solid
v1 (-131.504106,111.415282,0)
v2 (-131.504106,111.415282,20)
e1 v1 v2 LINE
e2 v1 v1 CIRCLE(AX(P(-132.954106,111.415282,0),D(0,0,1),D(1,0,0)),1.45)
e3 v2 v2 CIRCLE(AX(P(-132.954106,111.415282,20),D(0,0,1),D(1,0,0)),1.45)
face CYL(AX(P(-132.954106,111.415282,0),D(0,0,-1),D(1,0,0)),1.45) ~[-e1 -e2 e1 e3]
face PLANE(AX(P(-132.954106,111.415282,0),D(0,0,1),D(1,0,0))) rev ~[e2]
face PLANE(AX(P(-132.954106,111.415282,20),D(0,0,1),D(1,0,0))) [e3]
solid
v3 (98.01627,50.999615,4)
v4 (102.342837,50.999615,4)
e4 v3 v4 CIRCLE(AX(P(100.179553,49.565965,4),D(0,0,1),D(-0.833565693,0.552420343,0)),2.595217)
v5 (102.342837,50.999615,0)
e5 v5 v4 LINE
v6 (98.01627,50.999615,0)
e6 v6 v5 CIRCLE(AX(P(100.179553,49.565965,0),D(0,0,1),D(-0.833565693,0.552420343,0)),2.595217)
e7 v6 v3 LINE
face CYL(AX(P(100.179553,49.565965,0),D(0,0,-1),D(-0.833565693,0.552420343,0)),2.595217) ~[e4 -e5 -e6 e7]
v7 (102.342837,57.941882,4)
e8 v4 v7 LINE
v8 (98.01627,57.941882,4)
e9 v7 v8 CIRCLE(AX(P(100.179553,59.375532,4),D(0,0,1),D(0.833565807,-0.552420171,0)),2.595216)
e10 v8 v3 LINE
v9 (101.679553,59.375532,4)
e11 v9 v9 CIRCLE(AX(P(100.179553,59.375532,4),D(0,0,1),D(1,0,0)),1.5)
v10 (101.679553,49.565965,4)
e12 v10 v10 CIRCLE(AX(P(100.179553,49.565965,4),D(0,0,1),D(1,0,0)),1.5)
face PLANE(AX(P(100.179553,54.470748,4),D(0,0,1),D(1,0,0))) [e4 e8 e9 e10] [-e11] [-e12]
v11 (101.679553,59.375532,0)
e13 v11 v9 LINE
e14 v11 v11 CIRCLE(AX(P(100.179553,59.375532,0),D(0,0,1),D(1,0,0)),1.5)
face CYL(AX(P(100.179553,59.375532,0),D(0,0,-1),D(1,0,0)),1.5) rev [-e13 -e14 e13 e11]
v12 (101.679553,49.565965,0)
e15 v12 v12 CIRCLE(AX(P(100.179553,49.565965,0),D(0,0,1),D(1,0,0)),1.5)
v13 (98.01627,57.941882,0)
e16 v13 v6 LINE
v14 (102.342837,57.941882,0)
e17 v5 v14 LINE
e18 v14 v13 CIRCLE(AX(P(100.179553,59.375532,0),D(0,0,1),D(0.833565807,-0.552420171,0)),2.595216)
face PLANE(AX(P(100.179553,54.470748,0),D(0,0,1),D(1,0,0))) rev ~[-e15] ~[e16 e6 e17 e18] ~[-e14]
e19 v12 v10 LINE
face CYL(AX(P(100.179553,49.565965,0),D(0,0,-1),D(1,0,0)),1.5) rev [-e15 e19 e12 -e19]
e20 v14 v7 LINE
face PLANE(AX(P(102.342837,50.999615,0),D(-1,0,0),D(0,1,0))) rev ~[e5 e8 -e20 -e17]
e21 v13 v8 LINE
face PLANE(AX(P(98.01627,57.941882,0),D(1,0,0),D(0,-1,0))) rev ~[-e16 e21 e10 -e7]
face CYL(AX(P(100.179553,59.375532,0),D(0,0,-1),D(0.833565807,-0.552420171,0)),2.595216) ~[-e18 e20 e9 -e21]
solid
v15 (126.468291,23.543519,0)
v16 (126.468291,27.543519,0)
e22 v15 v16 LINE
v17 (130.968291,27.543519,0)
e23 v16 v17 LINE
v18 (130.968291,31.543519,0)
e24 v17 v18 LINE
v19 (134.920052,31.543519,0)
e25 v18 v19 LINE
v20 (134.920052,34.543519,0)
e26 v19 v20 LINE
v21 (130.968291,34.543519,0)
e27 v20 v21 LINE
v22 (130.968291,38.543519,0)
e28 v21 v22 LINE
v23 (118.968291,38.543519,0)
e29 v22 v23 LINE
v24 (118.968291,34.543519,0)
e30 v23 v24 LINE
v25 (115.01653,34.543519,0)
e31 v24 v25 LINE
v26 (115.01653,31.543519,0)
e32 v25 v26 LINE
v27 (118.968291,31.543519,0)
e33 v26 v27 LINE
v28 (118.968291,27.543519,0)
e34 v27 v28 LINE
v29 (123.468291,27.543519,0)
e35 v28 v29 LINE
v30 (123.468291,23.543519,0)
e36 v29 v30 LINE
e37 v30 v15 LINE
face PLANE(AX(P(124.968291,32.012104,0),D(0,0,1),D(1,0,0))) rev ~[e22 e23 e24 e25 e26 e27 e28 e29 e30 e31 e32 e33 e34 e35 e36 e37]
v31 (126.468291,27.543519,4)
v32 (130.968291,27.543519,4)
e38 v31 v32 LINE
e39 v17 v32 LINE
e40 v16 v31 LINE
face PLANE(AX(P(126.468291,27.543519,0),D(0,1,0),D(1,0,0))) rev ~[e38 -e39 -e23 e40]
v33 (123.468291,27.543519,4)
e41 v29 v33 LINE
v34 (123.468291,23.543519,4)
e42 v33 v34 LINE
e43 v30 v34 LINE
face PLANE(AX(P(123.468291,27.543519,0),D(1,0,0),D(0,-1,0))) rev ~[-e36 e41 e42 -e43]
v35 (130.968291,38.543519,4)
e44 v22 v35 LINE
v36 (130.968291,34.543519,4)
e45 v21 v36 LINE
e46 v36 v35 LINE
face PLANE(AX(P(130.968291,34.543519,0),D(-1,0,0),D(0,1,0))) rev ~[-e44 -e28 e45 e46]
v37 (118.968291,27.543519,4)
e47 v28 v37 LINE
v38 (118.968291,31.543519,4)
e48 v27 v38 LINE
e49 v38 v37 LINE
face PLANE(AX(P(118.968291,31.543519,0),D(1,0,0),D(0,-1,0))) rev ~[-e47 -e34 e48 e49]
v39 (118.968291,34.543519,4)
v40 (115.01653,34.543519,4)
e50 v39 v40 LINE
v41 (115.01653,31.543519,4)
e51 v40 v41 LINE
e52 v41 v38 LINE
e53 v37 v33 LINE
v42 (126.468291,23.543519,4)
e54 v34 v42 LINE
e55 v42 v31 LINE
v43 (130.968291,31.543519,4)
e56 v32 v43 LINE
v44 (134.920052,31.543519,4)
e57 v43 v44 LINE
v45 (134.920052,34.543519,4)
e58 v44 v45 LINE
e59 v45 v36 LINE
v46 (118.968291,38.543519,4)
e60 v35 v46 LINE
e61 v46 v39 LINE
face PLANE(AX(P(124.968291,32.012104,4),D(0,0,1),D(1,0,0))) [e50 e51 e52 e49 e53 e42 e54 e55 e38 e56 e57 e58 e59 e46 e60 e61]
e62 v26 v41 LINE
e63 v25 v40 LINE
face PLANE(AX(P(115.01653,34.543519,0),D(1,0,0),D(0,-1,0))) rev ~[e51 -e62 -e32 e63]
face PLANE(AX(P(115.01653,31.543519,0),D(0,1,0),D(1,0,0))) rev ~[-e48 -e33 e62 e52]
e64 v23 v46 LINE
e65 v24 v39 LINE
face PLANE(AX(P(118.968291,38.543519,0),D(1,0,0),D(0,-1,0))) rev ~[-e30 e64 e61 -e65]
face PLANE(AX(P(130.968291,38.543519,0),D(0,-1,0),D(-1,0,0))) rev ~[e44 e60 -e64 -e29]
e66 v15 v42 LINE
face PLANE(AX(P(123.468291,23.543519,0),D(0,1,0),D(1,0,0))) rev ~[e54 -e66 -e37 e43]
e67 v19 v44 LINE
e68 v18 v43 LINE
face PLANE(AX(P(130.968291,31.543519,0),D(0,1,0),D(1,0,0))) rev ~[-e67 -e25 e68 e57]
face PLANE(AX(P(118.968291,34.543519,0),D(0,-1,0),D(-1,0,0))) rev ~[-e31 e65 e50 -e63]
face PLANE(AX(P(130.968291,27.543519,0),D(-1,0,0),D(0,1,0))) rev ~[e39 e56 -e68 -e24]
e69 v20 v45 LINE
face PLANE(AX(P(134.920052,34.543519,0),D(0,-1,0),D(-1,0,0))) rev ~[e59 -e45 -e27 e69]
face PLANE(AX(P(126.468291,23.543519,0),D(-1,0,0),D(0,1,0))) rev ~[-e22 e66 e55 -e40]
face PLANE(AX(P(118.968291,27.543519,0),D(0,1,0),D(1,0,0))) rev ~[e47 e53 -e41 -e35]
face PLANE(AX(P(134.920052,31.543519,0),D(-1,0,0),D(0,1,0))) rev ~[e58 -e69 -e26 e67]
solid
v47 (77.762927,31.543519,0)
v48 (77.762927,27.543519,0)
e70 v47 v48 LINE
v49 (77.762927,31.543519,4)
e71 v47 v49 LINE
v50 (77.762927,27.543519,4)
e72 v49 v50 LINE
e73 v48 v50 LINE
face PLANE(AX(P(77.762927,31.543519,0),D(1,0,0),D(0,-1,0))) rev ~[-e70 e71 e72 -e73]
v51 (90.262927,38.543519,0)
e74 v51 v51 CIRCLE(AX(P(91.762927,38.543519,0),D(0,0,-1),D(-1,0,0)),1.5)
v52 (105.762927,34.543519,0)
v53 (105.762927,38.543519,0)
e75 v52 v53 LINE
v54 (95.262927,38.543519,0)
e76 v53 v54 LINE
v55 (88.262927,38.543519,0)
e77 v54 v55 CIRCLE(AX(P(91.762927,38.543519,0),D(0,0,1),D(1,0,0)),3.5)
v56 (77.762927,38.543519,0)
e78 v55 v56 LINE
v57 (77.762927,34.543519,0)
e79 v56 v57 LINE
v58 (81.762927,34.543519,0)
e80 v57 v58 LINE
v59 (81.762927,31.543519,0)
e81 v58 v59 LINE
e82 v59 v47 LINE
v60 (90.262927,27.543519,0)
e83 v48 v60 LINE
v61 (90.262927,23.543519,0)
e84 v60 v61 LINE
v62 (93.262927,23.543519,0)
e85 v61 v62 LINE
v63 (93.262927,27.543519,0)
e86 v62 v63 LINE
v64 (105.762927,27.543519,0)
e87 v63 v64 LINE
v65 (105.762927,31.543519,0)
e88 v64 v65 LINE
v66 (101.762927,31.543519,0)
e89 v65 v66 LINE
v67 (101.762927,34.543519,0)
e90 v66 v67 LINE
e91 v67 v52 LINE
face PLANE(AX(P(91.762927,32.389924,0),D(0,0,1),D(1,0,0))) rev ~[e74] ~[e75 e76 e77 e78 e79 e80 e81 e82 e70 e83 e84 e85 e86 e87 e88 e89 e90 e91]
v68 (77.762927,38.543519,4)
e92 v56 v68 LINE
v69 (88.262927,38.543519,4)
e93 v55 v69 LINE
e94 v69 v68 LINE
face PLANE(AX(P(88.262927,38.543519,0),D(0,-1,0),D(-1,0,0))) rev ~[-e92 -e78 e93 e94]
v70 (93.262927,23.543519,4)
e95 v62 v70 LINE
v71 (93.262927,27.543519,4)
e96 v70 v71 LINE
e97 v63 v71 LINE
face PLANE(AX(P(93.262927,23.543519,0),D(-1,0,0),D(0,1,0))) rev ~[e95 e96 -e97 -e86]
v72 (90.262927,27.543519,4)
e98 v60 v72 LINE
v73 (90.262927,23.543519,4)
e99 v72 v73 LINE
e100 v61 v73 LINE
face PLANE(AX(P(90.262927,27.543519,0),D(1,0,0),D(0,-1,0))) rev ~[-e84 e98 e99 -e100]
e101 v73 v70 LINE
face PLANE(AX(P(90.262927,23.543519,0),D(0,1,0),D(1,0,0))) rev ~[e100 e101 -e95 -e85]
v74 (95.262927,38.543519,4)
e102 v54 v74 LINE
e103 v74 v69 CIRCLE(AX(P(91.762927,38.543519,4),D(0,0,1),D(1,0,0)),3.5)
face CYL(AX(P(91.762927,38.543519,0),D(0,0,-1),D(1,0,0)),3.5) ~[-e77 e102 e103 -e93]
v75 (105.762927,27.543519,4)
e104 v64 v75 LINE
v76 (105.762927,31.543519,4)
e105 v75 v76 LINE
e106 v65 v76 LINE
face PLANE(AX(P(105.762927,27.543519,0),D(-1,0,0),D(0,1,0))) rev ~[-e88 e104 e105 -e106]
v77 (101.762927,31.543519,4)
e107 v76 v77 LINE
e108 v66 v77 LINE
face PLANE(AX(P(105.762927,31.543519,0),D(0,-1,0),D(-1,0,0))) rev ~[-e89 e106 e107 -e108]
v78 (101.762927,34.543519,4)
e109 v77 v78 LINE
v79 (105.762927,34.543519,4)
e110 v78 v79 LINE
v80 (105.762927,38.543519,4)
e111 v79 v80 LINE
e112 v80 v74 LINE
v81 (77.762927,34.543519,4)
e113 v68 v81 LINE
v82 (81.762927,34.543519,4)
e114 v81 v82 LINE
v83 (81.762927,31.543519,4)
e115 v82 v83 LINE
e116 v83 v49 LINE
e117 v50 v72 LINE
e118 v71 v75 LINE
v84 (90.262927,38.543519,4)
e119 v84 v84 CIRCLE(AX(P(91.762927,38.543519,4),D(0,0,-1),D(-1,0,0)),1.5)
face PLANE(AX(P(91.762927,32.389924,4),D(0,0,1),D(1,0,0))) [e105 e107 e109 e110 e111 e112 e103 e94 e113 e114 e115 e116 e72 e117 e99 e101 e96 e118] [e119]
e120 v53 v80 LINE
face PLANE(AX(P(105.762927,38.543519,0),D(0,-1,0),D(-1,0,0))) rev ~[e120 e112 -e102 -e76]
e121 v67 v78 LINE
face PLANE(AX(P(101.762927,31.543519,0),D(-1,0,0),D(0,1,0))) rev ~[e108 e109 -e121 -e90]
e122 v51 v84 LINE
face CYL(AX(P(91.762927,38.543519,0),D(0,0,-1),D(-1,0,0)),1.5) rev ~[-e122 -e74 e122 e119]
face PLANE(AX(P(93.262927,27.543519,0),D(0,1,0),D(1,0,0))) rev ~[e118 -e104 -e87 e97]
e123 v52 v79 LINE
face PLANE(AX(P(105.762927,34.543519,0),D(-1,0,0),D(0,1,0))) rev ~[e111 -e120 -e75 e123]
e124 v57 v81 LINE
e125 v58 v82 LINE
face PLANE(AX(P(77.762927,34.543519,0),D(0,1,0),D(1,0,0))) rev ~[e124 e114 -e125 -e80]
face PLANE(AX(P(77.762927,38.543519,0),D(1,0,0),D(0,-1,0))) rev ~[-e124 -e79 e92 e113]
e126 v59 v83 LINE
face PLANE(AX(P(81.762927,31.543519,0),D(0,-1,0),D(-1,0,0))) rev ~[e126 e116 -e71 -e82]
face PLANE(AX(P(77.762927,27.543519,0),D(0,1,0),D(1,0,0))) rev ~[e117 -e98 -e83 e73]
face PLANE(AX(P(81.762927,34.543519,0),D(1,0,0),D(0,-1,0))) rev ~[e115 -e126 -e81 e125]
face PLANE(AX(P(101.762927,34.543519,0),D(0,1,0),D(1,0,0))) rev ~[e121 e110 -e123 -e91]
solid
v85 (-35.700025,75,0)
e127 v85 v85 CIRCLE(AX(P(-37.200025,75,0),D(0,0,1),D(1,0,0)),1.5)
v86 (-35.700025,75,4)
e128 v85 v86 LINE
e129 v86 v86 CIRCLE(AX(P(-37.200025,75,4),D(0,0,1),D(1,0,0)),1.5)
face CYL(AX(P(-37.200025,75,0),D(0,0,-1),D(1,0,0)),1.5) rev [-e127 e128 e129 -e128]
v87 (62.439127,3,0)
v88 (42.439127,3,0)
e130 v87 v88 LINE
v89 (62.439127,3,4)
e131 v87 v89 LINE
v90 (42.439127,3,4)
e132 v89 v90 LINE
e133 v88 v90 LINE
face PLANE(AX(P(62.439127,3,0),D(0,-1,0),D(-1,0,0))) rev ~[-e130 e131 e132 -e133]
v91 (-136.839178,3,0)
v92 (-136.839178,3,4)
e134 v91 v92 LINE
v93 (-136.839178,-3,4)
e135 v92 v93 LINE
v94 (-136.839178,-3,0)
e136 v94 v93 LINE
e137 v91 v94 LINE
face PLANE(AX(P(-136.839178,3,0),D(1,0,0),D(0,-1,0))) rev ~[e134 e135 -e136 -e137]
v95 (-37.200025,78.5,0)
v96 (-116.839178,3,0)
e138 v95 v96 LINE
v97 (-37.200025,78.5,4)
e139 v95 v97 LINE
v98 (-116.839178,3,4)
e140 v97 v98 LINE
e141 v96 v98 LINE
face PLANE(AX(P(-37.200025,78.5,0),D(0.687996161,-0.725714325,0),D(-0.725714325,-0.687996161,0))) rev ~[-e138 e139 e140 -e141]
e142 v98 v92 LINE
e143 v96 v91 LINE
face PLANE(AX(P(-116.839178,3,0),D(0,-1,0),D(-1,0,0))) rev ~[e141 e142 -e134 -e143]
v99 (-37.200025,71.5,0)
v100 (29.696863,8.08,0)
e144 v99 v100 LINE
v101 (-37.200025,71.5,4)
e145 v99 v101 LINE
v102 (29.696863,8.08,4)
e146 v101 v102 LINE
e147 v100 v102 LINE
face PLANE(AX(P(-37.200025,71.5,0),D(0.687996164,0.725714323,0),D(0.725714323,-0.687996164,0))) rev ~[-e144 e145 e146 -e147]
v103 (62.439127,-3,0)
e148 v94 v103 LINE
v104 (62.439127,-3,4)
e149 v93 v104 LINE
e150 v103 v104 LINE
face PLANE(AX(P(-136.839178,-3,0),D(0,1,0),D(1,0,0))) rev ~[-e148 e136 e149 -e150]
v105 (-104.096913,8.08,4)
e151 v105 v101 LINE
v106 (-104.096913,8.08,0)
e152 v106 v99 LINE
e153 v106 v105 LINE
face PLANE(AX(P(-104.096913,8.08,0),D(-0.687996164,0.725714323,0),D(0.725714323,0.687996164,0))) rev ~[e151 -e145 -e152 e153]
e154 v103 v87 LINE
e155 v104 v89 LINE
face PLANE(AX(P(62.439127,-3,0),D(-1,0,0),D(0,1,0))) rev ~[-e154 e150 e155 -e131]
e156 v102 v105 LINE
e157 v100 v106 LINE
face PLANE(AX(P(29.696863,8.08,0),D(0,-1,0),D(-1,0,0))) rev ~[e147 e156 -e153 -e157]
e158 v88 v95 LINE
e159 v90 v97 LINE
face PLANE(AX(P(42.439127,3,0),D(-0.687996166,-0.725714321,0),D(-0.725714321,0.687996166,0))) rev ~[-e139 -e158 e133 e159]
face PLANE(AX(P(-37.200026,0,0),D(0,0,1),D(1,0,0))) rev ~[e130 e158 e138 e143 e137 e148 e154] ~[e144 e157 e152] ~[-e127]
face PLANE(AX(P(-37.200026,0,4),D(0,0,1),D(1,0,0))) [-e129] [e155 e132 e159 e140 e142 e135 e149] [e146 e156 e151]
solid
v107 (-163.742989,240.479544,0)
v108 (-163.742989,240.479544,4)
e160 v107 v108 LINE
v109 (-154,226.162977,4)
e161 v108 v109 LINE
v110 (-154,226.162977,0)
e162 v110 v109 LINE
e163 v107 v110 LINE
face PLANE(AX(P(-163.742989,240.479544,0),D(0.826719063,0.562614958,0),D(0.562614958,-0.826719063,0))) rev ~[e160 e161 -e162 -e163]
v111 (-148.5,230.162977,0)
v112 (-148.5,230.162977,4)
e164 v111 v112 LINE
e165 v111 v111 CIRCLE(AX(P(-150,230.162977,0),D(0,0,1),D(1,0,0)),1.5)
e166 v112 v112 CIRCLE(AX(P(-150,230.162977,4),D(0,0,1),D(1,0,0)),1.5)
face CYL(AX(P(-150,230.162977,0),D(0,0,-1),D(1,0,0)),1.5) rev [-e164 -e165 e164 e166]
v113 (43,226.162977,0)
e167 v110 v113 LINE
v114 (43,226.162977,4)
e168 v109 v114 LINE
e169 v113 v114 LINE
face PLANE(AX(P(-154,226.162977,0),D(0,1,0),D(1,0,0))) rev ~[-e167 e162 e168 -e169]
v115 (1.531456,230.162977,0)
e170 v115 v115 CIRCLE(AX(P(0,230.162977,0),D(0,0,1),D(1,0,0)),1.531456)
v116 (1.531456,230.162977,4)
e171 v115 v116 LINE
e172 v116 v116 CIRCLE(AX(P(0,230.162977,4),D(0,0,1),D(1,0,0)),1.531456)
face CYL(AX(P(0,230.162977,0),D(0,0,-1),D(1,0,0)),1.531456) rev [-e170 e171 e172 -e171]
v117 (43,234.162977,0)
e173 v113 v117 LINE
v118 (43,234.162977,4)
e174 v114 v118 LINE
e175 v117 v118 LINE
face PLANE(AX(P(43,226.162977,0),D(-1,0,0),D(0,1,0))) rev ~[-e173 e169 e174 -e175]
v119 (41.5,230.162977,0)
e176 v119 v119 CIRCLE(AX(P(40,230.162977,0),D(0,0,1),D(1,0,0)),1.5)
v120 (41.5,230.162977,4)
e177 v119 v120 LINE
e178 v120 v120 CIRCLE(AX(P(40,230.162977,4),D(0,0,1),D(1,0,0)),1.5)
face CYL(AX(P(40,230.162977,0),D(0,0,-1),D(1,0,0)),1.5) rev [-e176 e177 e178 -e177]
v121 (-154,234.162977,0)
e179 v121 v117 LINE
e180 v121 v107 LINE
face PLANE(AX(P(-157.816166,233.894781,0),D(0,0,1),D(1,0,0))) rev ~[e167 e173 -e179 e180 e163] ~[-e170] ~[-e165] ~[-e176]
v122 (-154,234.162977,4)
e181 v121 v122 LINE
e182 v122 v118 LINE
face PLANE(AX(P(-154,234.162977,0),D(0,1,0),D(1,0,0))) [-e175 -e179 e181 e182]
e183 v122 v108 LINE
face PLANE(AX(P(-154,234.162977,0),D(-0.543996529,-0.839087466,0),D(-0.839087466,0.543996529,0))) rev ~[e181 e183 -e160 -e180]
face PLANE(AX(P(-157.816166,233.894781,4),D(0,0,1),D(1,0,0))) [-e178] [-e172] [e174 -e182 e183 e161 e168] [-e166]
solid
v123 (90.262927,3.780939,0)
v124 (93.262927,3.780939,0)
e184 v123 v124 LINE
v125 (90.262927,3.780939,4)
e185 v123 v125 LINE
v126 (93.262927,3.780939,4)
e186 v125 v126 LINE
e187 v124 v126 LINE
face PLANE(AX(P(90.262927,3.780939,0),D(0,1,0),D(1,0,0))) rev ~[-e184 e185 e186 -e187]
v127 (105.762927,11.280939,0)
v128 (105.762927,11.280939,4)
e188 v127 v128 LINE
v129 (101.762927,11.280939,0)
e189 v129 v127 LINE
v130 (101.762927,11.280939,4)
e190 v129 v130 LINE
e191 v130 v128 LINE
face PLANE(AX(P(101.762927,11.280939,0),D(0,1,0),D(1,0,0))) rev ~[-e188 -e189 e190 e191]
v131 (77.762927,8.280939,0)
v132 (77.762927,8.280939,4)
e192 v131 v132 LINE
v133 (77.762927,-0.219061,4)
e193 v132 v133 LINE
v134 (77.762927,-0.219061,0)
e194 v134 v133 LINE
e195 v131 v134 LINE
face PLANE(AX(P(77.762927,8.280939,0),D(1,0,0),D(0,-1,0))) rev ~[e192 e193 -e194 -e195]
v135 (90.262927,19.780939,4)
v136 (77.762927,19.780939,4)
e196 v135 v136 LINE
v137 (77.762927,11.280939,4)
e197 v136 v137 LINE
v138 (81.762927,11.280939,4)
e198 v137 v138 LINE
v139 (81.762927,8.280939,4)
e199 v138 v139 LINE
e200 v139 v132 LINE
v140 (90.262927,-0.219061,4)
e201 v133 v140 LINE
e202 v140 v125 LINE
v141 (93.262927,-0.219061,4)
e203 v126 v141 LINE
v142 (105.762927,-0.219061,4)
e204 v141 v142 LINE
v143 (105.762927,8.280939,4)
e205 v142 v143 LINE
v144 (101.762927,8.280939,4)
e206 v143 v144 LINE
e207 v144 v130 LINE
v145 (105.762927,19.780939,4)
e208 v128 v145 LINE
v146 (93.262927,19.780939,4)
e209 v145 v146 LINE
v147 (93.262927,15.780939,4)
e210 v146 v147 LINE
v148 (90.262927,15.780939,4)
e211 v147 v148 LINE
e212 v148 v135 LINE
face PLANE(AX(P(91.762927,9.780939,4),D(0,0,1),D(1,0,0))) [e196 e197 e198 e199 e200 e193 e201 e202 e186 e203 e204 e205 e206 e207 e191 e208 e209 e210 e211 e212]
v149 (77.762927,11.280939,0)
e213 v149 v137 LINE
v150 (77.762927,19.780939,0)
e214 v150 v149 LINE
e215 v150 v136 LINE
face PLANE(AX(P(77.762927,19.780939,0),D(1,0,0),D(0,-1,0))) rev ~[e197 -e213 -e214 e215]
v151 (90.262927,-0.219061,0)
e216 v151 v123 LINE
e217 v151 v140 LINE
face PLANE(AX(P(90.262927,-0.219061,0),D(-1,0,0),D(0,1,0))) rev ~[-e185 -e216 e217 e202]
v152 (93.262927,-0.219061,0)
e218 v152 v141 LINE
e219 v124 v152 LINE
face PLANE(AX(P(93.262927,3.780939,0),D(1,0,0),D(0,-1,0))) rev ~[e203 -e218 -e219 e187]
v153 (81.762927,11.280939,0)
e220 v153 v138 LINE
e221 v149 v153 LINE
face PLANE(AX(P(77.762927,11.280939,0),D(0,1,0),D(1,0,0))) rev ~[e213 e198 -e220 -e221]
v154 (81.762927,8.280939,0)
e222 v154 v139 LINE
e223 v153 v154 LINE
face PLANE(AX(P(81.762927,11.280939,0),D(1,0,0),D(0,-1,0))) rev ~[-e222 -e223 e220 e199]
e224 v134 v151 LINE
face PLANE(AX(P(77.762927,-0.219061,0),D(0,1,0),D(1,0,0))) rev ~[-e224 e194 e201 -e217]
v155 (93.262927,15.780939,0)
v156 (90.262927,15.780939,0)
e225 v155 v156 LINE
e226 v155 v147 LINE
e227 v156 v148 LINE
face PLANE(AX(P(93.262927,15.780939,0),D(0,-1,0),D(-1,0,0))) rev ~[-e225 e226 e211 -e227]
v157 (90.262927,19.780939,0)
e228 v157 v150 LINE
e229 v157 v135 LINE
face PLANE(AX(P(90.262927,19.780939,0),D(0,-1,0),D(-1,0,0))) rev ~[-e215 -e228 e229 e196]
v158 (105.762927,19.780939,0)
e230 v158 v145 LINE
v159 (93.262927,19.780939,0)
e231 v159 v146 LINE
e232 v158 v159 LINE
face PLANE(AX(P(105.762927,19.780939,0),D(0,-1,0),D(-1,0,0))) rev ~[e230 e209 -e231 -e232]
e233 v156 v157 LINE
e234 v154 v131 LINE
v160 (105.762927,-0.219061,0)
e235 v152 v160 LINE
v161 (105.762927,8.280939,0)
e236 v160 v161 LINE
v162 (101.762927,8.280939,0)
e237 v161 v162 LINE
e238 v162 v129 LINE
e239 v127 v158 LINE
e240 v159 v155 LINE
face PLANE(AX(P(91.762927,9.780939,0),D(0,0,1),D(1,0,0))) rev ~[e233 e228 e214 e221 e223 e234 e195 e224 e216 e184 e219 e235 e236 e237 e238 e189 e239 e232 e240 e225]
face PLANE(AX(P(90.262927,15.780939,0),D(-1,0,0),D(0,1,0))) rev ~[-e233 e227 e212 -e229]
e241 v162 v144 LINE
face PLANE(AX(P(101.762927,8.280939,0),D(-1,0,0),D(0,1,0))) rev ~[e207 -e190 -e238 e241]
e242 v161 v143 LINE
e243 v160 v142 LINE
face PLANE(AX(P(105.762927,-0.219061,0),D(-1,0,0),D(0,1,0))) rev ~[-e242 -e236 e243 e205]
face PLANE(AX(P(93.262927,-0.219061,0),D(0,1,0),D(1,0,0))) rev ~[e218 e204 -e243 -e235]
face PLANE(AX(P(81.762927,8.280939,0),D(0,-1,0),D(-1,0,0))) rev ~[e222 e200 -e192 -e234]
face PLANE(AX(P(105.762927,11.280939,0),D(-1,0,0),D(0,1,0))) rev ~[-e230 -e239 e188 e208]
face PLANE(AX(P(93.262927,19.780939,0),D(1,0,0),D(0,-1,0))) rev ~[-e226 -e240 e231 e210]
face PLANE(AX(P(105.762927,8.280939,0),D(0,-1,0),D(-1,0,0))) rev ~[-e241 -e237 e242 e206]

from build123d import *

# Parameters (mm, degrees)
F0_R     = 1.5
F0_W     = 197
F0_H     = 8
F0_R_2   = 1.531456
F1_DEPTH = 4
F0_R_3   = 1.45
F2_DEPTH = 20


with BuildPart() as f1:
    # F0 (on Top) → F1 (new body)
    with BuildSketch(Plane.XY):
        Polygon((42.439127, 3), (-116.839178, 3), (-136.839178, 3), (-136.839178, -3), (62.439127, -3), (62.439127, 3), align=None)
        Polygon((90.262927, 19.780939), (77.762927, 19.780939), (77.762927, 11.280939), (81.762927, 11.280939), (81.762927, 8.280939), (77.762927, 8.280939), (77.762927, -0.219061), (90.262927, -0.219061), (90.262927, 3.780939), (93.262927, 3.780939), (93.262927, -0.219061), (105.762927, -0.219061), (105.762927, 8.280939), (101.762927, 8.280939), (101.762927, 11.280939), (105.762927, 11.280939), (105.762927, 19.780939), (93.262927, 19.780939), (93.262927, 15.780939), (90.262927, 15.780939), align=None)
        Polygon((-37.200025, 78.5), (-116.839178, 3), (42.439127, 3), align=None)
        Polygon((-104.096913, 8.08), (-37.200025, 71.5), (29.696863, 8.08), align=None, mode=Mode.SUBTRACT)
        with Locations((-37.200025, 75)):
            Circle(F0_R, mode=Mode.SUBTRACT)
        Polygon((-154, 226.162977), (-154, 234.162977), (-163.742989, 240.479544), align=None)
        with Locations((-55.5, 230.162977)):
            Rectangle(F0_W, F0_H)
        with Locations((-150, 230.162977)):
            Circle(F0_R, mode=Mode.SUBTRACT)
        with Locations((0, 230.162977)):
            Circle(F0_R_2, mode=Mode.SUBTRACT)
        with Locations((40, 230.162977)):
            Circle(F0_R, mode=Mode.SUBTRACT)
        Polygon((130.968291, 38.543519), (118.968291, 38.543519), (118.968291, 34.543519), (115.01653, 34.543519), (115.01653, 31.543519), (118.968291, 31.543519), (118.968291, 27.543519), (123.468291, 27.543519), (123.468291, 23.543519), (126.468291, 23.543519), (126.468291, 27.543519), (130.968291, 27.543519), (130.968291, 31.543519), (134.920052, 31.543519), (134.920052, 34.543519), (130.968291, 34.543519), align=None)
        with BuildLine():
            Line((88.262927, 38.543519), (77.762927, 38.543519))
            Line((77.762927, 38.543519), (77.762927, 34.543519))
            Line((77.762927, 34.543519), (81.762927, 34.543519))
            Line((81.762927, 34.543519), (81.762927, 31.543519))
            Line((81.762927, 31.543519), (77.762927, 31.543519))
            Line((77.762927, 31.543519), (77.762927, 27.543519))
            Line((77.762927, 27.543519), (90.262927, 27.543519))
            Line((90.262927, 27.543519), (90.262927, 23.543519))
            Line((90.262927, 23.543519), (93.262927, 23.543519))
            Line((93.262927, 23.543519), (93.262927, 27.543519))
            Line((93.262927, 27.543519), (105.762927, 27.543519))
            Line((105.762927, 27.543519), (105.762927, 31.543519))
            Line((105.762927, 31.543519), (101.762927, 31.543519))
            Line((101.762927, 31.543519), (101.762927, 34.543519))
            Line((101.762927, 34.543519), (105.762927, 34.543519))
            Line((105.762927, 34.543519), (105.762927, 38.543519))
            Line((105.762927, 38.543519), (95.262927, 38.543519))
            Line((95.262927, 38.543519), (93.262927, 38.543519))
            ThreePointArc((93.262927, 38.543519), (91.762927, 37.043519), (90.262927, 38.543519))
            Line((90.262927, 38.543519), (88.262927, 38.543519))
        make_face()
        with BuildLine():
            ThreePointArc((95.262927, 38.543519), (91.762927, 42.043519), (88.262927, 38.543519))
            Line((88.262927, 38.543519), (90.262927, 38.543519))
            ThreePointArc((90.262927, 38.543519), (91.762927, 40.043519), (93.262927, 38.543519))
            Line((93.262927, 38.543519), (95.262927, 38.543519))
        make_face()
        with BuildLine():
            ThreePointArc((102.342837, 57.941882), (100.179553, 61.970748), (98.01627, 57.941882))
            Line((98.01627, 57.941882), (98.01627, 50.999615))
            ThreePointArc((98.01627, 50.999615), (100.179553, 46.970748), (102.342837, 50.999615))
            Line((102.342837, 50.999615), (102.342837, 57.941882))
        make_face()
        with Locations((100.179553, 49.565965)):
            Circle(F0_R, mode=Mode.SUBTRACT)
        with Locations((100.179553, 59.375532)):
            Circle(F0_R, mode=Mode.SUBTRACT)
    extrude(amount=F1_DEPTH)


with BuildPart() as f2:
    # F0 (on Top) → F2 (new body)
    with BuildSketch(Plane.XY):
        with Locations((-132.954106, 111.415282)):
            Circle(F0_R_3)
    extrude(amount=F2_DEPTH)


solid = Compound([f1.part, f2.part])
